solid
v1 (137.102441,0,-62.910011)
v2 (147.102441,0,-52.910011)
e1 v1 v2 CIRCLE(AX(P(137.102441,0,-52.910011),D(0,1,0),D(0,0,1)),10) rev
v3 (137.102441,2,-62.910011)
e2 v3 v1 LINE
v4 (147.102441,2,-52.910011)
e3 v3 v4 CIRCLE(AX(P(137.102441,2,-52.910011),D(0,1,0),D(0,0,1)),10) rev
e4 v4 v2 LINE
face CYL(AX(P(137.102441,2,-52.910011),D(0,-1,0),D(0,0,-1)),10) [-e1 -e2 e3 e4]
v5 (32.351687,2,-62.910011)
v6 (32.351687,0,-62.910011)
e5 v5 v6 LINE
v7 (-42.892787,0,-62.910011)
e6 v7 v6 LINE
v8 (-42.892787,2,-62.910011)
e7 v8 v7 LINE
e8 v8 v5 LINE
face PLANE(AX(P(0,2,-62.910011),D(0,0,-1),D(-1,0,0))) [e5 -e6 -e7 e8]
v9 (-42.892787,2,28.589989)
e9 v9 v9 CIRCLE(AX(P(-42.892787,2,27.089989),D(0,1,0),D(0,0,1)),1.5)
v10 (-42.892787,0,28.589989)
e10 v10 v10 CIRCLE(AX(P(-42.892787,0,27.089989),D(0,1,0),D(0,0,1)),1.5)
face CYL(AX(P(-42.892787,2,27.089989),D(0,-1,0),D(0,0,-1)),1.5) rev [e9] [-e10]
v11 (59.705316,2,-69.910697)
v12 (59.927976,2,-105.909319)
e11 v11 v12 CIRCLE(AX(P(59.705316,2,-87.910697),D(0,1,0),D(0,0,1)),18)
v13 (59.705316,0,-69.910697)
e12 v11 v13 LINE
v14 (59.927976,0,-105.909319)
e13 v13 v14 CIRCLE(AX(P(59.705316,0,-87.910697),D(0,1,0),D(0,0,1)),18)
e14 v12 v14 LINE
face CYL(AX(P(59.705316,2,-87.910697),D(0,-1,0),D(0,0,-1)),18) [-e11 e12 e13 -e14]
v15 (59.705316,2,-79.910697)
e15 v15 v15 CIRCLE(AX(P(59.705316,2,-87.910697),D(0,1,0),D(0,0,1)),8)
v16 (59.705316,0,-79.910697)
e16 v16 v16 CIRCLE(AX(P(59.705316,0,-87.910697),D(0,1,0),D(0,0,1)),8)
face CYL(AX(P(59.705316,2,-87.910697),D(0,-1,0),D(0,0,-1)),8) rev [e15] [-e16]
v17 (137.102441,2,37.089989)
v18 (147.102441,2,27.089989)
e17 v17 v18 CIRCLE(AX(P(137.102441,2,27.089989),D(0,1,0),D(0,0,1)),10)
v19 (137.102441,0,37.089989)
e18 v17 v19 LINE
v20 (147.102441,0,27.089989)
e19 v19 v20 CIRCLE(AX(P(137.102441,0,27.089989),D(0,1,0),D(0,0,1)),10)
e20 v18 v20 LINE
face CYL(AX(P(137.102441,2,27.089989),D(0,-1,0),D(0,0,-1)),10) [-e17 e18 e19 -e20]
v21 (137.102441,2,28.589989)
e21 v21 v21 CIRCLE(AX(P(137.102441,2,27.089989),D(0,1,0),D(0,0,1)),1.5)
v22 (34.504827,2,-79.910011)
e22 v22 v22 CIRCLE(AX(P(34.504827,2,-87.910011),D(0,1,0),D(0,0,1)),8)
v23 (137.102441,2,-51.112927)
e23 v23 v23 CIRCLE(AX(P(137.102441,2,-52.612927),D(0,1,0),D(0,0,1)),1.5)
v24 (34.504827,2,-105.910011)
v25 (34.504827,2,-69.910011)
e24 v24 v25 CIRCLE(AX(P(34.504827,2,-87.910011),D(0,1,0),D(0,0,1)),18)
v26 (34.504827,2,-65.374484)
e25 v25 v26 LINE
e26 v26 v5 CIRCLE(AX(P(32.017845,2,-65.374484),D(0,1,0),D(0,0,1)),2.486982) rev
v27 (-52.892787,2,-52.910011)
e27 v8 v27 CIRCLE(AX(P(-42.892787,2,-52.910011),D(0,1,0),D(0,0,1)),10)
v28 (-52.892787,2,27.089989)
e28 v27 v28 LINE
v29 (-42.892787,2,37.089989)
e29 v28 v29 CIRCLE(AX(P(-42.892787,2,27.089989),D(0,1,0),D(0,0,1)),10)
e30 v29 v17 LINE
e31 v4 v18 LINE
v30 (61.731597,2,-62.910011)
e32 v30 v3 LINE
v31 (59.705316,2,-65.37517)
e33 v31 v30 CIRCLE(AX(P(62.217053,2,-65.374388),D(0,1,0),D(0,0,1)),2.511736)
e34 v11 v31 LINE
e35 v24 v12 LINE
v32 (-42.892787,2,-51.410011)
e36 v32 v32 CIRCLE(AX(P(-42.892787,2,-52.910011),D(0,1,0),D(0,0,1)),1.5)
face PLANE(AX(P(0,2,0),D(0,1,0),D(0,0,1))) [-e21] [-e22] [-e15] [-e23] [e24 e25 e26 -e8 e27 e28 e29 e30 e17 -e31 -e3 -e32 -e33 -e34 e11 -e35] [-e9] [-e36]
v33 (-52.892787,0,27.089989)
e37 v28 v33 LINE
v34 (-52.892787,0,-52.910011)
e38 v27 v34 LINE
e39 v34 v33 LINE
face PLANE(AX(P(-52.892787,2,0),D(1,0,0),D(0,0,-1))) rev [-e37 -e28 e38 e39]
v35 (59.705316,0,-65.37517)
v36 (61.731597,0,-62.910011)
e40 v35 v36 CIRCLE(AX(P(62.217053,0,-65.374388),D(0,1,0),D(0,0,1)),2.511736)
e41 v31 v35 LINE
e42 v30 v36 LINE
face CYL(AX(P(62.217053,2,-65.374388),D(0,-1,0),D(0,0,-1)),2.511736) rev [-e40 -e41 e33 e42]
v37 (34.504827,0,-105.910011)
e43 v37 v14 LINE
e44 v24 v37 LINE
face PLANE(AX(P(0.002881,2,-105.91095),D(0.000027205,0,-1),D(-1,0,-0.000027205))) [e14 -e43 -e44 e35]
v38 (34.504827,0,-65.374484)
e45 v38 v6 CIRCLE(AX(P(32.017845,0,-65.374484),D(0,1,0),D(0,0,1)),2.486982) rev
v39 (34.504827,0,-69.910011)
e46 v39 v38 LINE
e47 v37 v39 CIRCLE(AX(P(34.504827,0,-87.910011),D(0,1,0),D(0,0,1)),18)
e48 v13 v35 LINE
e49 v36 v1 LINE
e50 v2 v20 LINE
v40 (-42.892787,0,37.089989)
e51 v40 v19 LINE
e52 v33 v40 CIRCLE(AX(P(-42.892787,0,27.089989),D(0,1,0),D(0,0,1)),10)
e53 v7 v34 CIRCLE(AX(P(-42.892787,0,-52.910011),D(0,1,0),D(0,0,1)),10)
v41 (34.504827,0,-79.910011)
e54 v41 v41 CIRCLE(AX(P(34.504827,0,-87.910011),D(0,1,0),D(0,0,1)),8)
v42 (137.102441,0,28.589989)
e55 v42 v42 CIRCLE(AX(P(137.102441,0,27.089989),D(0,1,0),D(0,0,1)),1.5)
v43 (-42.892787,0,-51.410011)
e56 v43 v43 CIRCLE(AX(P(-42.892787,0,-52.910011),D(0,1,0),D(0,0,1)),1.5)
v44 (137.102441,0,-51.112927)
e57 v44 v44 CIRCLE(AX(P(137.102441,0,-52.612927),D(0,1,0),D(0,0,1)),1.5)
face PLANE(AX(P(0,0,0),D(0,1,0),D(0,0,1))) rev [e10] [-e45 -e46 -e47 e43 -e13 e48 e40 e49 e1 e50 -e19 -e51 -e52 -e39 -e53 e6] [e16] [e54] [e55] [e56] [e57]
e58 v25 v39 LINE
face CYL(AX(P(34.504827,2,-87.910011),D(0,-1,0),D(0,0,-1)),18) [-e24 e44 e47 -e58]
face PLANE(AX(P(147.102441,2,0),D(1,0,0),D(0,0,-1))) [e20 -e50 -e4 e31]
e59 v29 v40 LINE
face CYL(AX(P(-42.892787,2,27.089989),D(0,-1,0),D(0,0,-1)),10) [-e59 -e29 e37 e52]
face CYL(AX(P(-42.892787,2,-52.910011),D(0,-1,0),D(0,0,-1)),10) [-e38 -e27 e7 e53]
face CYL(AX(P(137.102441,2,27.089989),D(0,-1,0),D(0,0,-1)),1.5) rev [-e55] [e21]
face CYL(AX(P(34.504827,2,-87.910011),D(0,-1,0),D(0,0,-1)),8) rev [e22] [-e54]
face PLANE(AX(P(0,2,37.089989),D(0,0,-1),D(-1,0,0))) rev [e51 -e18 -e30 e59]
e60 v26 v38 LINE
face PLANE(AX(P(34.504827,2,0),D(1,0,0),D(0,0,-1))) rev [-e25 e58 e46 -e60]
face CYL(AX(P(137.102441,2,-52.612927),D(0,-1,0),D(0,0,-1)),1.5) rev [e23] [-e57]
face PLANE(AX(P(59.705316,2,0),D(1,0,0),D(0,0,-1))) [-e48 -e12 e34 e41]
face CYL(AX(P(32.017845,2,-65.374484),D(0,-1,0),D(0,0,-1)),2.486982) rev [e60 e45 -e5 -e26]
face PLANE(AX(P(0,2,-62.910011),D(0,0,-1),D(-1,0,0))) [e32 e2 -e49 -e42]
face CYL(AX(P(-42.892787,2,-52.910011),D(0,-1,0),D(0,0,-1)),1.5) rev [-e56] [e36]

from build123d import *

# Parameters (mm, degrees)
SKETCH1_R           = 1.5
SKETCH1_R_2         = 8
BOSS_EXTRUDE6_DEPTH = 2


with BuildPart() as part:
    # Sketch1 → Boss-Extrude6 (new body)
    with BuildSketch(Plane(origin=(0, 0, 0), x_dir=(1, 0, 0), z_dir=(0, 1, 0))):
        with BuildLine():
            ThreePointArc((-42.892787305, 62.910010988), (-49.963855117, 59.981078799), (-52.892787305, 52.910010988))
            Line((-52.892787305, 52.910010988), (-52.892787305, 24.160010988))
            Line((-52.892787305, 24.160010988), (-52.892787305, 1.660010988))
            Line((-52.892787305, 1.660010988), (-52.892787305, -27.089989012))
            ThreePointArc((-52.892787305, -27.089989012), (-49.963855117, -34.161056824), (-42.892787305, -37.089989012))
            Line((-42.892787305, -37.089989012), (137.102440603, -37.089989012))
            ThreePointArc((137.102440603, -37.089989012), (144.173508414, -34.161056824), (147.102440603, -27.089989012))
            Line((147.102440603, -27.089989012), (147.102440603, 1.660010988))
            Line((147.102440603, 1.660010988), (147.102440603, 24.160010988))
            Line((147.102440603, 24.160010988), (147.102440603, 52.910010988))
            ThreePointArc((147.102440603, 52.910010988), (144.173508414, 59.981078799), (137.102440603, 62.910010988))
            Line((137.102440603, 62.910010988), (61.731596977, 62.910010988))
            ThreePointArc((61.731596977, 62.910010988), (60.27668109, 63.779465055), (59.705316327, 65.375169578))
            Line((59.705316327, 65.375169578), (59.705316327, 69.910696544))
            ThreePointArc((59.705316327, 69.910696544), (77.704972023, 87.799364481), (59.927976193, 105.909319341))
            Line((59.927976193, 105.909319341), (59.483635762, 105.909331429))
            Line((59.483635762, 105.909331429), (34.505806024, 105.910010948))
            Line((34.505806024, 105.910010948), (34.504826649, 105.910010974))
            ThreePointArc((34.504826649, 105.910010974), (16.504826662, 87.910010988), (34.504826649, 69.910011001))
            Line((34.504826649, 69.910011001), (34.504826649, 65.374484021))
            ThreePointArc((34.504826649, 65.374484021), (33.890722022, 63.738204886), (32.35168701, 62.910010988))
            Line((32.35168701, 62.910010988), (-42.892787305, 62.910010988))
        make_face()
        with Locations(Location((-42.892787305, -27.089989012, 0), (0, 0, 270))):
            Circle(SKETCH1_R, mode=Mode.SUBTRACT)
        with Locations(Location((137.102440603, -27.089989012, 0), (0, 0, 270))):
            Circle(SKETCH1_R, mode=Mode.SUBTRACT)
        with Locations(Location((-42.892787305, 52.910010988, 0), (0, 0, 270))):
            Circle(SKETCH1_R, mode=Mode.SUBTRACT)
        with Locations(Location((34.504826649, 87.910010988, 0), (0, 0, 270))):
            Circle(SKETCH1_R_2, mode=Mode.SUBTRACT)
        with Locations(Location((137.102440603, 52.612926661, 0), (0, 0, 270))):
            Circle(SKETCH1_R, mode=Mode.SUBTRACT)
        with Locations(Location((59.705316327, 87.910696544, 0), (0, 0, 270))):
            Circle(SKETCH1_R_2, mode=Mode.SUBTRACT)
    extrude(amount=BOSS_EXTRUDE6_DEPTH)


solid = part.part
